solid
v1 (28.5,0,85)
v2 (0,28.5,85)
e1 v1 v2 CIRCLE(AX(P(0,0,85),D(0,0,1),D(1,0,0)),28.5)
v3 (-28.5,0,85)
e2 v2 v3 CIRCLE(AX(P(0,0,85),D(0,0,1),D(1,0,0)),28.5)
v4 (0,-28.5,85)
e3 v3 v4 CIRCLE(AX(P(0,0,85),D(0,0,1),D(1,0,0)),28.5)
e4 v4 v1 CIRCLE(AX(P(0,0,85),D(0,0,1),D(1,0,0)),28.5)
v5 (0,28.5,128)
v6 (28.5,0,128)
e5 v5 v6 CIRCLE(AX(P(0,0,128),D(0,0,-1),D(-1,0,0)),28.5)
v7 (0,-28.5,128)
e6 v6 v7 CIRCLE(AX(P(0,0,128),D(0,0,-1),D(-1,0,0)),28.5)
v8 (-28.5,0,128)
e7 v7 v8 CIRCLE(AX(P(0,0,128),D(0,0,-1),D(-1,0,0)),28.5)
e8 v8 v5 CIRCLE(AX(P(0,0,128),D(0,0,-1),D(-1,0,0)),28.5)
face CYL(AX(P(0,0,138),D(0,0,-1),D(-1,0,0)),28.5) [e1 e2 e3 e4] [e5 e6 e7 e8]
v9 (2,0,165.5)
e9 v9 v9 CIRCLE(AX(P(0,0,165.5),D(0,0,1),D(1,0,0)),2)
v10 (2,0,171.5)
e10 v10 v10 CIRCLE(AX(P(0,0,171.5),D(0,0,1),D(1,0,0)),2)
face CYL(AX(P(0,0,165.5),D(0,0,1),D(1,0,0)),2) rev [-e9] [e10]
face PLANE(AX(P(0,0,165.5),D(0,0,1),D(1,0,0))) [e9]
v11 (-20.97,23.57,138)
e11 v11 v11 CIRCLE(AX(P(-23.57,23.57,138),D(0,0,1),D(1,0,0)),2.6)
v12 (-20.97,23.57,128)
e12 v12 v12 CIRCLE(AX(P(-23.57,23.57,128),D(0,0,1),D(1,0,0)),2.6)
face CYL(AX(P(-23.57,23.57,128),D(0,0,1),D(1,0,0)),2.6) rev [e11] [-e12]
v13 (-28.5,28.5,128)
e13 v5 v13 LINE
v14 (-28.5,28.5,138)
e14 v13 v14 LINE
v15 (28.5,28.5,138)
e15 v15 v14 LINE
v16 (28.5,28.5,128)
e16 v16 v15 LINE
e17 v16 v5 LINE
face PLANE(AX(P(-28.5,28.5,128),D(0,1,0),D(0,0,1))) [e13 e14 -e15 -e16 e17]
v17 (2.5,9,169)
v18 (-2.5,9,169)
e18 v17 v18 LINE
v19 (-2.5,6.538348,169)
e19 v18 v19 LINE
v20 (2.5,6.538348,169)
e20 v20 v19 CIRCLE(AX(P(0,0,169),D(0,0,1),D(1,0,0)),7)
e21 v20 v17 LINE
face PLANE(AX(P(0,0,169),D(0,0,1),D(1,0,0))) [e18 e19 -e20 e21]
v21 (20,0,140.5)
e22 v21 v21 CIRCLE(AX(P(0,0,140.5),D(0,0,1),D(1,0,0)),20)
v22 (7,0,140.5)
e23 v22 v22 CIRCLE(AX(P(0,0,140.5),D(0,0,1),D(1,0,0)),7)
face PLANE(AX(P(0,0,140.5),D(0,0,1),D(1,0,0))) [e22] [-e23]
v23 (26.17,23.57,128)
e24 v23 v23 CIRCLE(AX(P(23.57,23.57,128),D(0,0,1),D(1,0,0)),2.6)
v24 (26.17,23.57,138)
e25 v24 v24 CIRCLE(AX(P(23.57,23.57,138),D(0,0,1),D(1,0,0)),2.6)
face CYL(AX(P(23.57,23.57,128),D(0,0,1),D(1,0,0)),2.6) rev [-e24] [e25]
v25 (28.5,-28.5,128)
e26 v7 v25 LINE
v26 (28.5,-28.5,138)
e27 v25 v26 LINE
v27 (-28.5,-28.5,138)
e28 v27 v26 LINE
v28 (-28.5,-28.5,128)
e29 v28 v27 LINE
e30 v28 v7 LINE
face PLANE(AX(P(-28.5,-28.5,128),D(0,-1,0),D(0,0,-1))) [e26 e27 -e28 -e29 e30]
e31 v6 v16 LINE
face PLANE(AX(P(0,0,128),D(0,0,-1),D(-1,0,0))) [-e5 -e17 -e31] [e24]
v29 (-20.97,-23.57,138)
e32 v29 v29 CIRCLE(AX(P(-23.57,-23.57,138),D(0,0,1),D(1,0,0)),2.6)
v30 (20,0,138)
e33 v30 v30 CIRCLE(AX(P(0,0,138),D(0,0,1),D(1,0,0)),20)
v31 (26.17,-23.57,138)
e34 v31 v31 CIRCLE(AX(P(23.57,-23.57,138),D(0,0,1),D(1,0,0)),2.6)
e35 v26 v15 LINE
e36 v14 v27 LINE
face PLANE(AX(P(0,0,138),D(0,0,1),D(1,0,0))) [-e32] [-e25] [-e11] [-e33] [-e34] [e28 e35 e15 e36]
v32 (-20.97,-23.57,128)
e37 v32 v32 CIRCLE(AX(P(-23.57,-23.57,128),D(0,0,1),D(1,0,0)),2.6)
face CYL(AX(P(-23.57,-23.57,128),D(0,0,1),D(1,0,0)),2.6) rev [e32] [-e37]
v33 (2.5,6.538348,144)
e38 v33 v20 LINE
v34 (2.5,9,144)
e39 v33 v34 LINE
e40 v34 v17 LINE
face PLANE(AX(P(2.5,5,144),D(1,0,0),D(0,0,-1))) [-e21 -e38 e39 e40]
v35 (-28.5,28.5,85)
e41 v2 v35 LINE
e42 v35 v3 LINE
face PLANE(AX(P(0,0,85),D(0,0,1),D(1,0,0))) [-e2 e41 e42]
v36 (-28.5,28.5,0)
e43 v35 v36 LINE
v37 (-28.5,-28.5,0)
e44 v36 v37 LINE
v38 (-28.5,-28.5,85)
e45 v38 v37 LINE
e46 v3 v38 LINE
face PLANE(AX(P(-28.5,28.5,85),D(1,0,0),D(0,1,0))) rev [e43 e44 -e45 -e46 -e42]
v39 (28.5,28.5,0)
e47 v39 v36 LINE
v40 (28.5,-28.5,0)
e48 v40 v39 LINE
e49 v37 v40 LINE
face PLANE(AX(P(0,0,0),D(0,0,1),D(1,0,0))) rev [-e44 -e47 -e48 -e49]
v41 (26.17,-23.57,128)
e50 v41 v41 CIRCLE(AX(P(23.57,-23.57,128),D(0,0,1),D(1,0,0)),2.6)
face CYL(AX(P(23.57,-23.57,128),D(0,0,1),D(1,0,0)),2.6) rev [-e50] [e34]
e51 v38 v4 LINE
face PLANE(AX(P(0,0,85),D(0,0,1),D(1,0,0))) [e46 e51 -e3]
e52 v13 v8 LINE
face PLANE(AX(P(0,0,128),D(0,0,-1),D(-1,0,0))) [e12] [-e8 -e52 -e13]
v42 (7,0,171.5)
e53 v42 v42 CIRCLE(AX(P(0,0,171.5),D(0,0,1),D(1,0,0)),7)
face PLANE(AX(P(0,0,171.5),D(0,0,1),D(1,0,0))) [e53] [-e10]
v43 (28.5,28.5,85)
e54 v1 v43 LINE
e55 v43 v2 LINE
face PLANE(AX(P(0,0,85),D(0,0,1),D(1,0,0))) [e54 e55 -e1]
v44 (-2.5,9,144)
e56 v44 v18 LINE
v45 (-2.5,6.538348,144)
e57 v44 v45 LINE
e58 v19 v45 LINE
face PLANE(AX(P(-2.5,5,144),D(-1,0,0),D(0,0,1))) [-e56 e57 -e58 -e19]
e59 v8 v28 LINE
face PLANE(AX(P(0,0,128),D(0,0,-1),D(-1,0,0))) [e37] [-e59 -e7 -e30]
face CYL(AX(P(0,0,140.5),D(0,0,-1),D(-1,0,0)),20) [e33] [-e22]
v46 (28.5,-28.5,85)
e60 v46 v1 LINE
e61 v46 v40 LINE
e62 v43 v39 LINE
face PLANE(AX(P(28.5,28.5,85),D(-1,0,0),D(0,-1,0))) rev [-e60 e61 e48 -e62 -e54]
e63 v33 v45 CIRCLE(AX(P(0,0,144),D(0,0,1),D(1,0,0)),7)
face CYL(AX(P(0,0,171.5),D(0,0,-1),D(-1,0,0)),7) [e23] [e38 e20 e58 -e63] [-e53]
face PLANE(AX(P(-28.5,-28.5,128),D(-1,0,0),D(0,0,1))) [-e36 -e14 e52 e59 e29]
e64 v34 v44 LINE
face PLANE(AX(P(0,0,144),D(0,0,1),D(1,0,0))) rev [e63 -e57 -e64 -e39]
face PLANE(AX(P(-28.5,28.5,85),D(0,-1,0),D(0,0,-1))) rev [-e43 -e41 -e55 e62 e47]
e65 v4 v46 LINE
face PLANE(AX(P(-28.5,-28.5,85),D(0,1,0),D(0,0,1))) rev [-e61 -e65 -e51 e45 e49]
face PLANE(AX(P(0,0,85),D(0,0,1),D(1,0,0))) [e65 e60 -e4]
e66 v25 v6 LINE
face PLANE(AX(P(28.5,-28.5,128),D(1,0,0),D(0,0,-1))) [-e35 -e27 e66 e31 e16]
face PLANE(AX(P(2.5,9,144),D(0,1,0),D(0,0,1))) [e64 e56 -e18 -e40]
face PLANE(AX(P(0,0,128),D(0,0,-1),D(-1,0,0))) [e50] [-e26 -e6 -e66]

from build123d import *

# Parameters (mm, degrees)
SKETCH_1_W          = 57
SKETCH_1_H          = 57
EXTRUDE_1_DEPTH     = 85
SKETCH_2_R          = 28.5
EXTRUDE_2_DEPTH     = 53
SKETCH_3_R          = 20
EXTRUDE_3_DEPTH     = 2.5
SKETCH_4_R          = 7
EXTRUDE_4_DEPTH     = 31
SKETCH_7_W          = 57
SKETCH_7_H          = 57
SKETCH_7_R          = 2.6
EXTRUDE_5_DEPTH     = 10
SKETCH_8_W          = 5
SKETCH_8_H          = 4
EXTRUDE_6_DEPTH     = 25
SKETCH_9_R          = 2
CUT_EXTRUDE_1_DEPTH = 6


with BuildPart() as part:
    # 草图1 → 凸台-拉伸1 (new body)
    with BuildSketch(Plane.XY):
        Rectangle(SKETCH_1_W, SKETCH_1_H)
    extrude(amount=EXTRUDE_1_DEPTH)

    # 草图2 → 凸台-拉伸2 (add)
    with BuildSketch(Plane.XY.offset(85)):
        Circle(SKETCH_2_R)
    extrude(amount=EXTRUDE_2_DEPTH)

    # 草图3 → 凸台-拉伸3 (add)
    with BuildSketch(Plane.XY.offset(138)):
        Circle(SKETCH_3_R)
    extrude(amount=EXTRUDE_3_DEPTH)

    # 草图4 → 凸台-拉伸4 (add)
    with BuildSketch(Plane.XY.offset(140.5)):
        Circle(SKETCH_4_R)
    extrude(amount=EXTRUDE_4_DEPTH)

    # 草图7 → 凸台-拉伸5 (add)
    with BuildSketch(Plane.XY.offset(138)):
        Rectangle(SKETCH_7_W, SKETCH_7_H)
        with Locations((-23.57, 23.57)):
            Circle(SKETCH_7_R, mode=Mode.SUBTRACT)
        with Locations((23.57, 23.57)):
            Circle(SKETCH_7_R, mode=Mode.SUBTRACT)
        with Locations((23.57, -23.57)):
            Circle(SKETCH_7_R, mode=Mode.SUBTRACT)
        with Locations((-23.57, -23.57)):
            Circle(SKETCH_7_R, mode=Mode.SUBTRACT)
    extrude(amount=-EXTRUDE_5_DEPTH)

    # 草图8 → 凸台-拉伸6 (add)
    with BuildSketch(Plane.XY.offset(169)):
        with Locations((0, 7)):
            Rectangle(SKETCH_8_W, SKETCH_8_H)
    extrude(amount=-EXTRUDE_6_DEPTH)

    # 草图9 → 切除-拉伸1 (cut)
    with BuildSketch(Plane.XY.offset(171.5)):
        Circle(SKETCH_9_R)
    extrude(amount=-CUT_EXTRUDE_1_DEPTH, mode=Mode.SUBTRACT)


solid = part.part
